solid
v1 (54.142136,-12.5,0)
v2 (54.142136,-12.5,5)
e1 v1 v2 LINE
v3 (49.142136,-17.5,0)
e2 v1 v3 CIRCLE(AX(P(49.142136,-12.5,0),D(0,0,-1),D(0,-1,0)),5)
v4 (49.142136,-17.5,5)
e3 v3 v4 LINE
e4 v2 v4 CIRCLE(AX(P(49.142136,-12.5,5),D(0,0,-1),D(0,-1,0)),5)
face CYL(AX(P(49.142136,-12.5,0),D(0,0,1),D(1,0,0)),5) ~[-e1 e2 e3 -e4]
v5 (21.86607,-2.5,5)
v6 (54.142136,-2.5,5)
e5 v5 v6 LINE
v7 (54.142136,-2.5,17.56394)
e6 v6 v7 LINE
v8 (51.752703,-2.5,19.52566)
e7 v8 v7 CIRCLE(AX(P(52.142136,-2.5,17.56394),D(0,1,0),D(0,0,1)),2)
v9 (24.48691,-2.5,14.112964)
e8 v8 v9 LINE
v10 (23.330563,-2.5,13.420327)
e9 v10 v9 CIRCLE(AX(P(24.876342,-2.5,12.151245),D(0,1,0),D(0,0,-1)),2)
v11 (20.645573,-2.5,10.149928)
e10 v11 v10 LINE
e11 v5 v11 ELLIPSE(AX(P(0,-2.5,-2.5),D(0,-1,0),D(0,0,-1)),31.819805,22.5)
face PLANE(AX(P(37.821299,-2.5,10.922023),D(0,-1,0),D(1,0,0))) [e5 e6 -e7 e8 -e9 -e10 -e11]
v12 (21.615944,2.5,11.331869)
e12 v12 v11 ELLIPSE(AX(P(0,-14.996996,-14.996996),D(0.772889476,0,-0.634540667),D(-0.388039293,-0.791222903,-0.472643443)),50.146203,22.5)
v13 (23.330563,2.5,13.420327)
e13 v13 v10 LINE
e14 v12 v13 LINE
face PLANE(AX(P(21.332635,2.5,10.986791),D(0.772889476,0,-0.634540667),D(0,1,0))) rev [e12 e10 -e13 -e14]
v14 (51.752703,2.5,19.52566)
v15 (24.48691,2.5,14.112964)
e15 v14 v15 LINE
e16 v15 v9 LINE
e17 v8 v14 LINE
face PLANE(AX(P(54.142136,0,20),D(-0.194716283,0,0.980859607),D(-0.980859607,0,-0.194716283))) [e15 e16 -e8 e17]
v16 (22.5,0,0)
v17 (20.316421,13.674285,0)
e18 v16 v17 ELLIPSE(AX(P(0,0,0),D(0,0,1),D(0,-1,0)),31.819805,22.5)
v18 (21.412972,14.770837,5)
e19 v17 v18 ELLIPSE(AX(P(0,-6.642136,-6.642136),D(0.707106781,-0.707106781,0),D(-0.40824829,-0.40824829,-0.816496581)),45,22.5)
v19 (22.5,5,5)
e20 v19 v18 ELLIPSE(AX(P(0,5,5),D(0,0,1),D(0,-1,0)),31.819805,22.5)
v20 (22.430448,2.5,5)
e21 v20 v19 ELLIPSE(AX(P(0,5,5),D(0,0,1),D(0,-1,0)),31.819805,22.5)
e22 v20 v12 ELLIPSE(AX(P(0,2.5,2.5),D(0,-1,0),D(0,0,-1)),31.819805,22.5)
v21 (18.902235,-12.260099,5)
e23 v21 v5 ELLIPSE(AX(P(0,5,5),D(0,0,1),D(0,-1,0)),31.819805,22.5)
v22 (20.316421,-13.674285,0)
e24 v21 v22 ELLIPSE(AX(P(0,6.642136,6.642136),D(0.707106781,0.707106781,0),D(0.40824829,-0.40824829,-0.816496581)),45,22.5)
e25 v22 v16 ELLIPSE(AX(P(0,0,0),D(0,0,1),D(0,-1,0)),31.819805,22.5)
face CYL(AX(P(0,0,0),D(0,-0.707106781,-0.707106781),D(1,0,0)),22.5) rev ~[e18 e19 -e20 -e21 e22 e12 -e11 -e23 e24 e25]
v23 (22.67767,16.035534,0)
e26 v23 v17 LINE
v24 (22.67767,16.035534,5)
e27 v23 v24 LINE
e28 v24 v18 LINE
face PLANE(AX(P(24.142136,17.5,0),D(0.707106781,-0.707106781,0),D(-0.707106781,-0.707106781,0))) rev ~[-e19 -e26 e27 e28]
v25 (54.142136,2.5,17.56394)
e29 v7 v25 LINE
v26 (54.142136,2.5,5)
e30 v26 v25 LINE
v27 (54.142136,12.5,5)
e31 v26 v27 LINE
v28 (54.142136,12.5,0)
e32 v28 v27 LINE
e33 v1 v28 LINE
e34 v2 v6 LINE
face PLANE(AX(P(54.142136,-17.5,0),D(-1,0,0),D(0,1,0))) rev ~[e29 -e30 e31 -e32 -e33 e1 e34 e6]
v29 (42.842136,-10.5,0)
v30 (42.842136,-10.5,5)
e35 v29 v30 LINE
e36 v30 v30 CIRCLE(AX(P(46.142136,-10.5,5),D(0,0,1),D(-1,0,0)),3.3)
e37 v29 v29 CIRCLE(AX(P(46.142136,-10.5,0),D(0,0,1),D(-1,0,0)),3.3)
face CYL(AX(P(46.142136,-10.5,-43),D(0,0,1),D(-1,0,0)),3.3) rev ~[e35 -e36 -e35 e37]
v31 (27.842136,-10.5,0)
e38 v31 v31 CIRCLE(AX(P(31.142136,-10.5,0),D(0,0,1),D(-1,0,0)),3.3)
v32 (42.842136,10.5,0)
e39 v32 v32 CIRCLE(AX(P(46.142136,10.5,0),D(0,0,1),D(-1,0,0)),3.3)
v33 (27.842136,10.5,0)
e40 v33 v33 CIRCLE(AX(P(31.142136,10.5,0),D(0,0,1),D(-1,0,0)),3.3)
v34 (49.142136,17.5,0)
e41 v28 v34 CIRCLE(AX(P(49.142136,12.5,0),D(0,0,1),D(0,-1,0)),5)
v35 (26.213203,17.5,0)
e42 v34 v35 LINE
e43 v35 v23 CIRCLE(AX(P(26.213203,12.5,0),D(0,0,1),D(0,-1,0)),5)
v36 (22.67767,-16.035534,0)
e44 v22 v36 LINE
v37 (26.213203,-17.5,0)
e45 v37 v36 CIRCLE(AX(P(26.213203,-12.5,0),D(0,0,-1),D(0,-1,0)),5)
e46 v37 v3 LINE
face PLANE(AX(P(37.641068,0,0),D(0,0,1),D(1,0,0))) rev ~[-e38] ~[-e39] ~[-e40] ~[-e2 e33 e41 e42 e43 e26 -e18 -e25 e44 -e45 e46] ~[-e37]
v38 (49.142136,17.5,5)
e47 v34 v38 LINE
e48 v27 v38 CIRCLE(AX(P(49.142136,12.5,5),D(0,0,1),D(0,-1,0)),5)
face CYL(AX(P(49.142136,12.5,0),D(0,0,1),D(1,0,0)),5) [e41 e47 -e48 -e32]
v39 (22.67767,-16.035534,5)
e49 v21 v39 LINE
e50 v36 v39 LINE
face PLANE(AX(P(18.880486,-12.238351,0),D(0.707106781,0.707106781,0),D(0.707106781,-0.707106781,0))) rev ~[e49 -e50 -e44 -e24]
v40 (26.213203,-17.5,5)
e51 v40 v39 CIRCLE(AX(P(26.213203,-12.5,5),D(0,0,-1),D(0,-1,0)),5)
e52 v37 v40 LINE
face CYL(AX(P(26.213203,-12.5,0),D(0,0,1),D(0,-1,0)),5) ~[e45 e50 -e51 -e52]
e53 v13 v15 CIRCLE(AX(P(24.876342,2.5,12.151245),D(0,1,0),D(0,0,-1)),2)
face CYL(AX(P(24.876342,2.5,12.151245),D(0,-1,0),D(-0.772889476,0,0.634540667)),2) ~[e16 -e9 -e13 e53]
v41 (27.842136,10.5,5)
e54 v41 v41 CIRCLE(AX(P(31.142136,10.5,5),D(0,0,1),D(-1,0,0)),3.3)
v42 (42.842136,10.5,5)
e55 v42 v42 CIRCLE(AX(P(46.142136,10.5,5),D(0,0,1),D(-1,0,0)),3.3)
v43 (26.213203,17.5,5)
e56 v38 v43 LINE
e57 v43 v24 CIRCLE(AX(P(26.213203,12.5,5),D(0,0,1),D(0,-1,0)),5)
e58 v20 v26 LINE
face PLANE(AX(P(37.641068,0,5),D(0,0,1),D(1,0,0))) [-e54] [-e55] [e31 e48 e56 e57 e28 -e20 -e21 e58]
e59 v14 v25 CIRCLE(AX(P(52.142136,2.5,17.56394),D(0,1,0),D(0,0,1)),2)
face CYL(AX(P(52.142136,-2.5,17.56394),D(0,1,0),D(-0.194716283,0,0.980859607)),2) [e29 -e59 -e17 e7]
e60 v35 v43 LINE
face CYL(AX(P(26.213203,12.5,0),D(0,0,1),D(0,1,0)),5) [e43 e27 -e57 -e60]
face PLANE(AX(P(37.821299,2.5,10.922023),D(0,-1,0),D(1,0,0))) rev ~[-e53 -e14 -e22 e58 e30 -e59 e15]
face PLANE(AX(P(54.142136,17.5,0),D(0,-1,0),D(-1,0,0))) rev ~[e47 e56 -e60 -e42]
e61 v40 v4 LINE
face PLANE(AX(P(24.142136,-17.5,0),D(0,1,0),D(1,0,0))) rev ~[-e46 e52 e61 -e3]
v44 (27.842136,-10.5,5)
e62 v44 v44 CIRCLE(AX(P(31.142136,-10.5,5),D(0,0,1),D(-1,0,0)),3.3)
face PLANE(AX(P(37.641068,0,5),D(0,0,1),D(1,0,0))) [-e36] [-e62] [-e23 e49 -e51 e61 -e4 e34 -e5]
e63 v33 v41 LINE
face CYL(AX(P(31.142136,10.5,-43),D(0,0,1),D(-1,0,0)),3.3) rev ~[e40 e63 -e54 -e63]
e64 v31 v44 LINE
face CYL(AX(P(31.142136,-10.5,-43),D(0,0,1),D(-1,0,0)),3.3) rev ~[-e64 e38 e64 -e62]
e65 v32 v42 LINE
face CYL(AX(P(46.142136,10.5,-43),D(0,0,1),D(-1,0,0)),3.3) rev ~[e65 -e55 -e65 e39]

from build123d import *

# Parameters (mm, degrees)
F1_DEPTH  = 5
F3_DEPTH  = 2.5
F4_SIZE   = 5
F5_R      = 2
F6_R      = 2
F7_D      = 6.6
F7_DEPTH  = 43
F7_TIP    = 1.9828400428
F8_R      = 5
F10_R     = 22.5
F11_DEPTH = 25


with BuildPart() as f1:
    # F0 (on Top) → F1 (new body)
    with BuildSketch(Plane.XY):
        with BuildLine():
            Line((54.1421356237, 17.5), (24.1421356237, 17.5))
            Line((24.1421356237, 17.5), (18.8804864575, 12.2383508337))
            ThreePointArc((18.8804864575, 12.2383508337), (22.5, 0), (18.8804864575, -12.2383508337))
            Line((18.8804864575, -12.2383508337), (24.1421356237, -17.5))
            Line((24.1421356237, -17.5), (54.1421356237, -17.5))
            Line((54.1421356237, -17.5), (54.1421356237, 17.5))
        make_face()
        with BuildLine():
            ThreePointArc((18.8804864575, -12.2383508337), (22.5, 0), (18.8804864575, 12.2383508337))
            Line((18.8804864575, 12.2383508337), (18.8804864575, -12.2383508337))
        make_face()
    extrude(amount=F1_DEPTH)

    # F2 (on Front) → F3 (join, symmetric)
    with BuildSketch(Plane.XZ):
        Polygon((54.1421356237, 20), (18.8804864575, 13), (18.8804864575, 5), (54.1421356237, 5), align=None)
    extrude(amount=F3_DEPTH, both=True)

    # F4
    f4_edges = [f1.edges().sort_by_distance(p)[0] for p in [
        (18.880486, 0, 13),
    ]]
    chamfer(f4_edges, length=F4_SIZE)

    # F5
    f5_edges = [f1.edges().sort_by_distance(p)[0] for p in [
        (23.784784, 0, 13.973581),
    ]]
    fillet(f5_edges, radius=F5_R)

    # F6
    f6_edges = [f1.edges().sort_by_distance(p)[0] for p in [
        (54.142136, 0, 20),
    ]]
    fillet(f6_edges, radius=F6_R)

    # F7
    with Locations(Plane(origin=(0, 0, 0), x_dir=(1, 0, 0), z_dir=(0, 0, -1))):
        with Locations((31.1421356237, -10.5), (46.1421356237, -10.5), (46.1421356237, 10.5), (31.1421356237, 10.5)):
            Hole(F7_D / 2, depth=F7_DEPTH)
            with Locations((0, 0, -(F7_DEPTH + F7_TIP / 2))):  # 118° drill point
                Cone(0, F7_D / 2, F7_TIP, mode=Mode.SUBTRACT)

    # F8
    f8_edges = [f1.edges().sort_by_distance(p)[0] for p in [
        (24.142136, -17.5, 2.5),
        (24.142136, 17.5, 2.5),
        (54.142136, -17.5, 2.5),
        (54.142136, 17.5, 2.5),
    ]]
    fillet(f8_edges, radius=F8_R)

    # F10 (on face) → F11 (cut, symmetric)
    with BuildSketch(Plane(origin=(0, 0, 0), x_dir=(1, 0, 0), z_dir=(0, -0.7071067812, -0.7071067812))):
        Circle(F10_R)
    extrude(amount=F11_DEPTH, both=True, mode=Mode.SUBTRACT)


solid = f1.part
